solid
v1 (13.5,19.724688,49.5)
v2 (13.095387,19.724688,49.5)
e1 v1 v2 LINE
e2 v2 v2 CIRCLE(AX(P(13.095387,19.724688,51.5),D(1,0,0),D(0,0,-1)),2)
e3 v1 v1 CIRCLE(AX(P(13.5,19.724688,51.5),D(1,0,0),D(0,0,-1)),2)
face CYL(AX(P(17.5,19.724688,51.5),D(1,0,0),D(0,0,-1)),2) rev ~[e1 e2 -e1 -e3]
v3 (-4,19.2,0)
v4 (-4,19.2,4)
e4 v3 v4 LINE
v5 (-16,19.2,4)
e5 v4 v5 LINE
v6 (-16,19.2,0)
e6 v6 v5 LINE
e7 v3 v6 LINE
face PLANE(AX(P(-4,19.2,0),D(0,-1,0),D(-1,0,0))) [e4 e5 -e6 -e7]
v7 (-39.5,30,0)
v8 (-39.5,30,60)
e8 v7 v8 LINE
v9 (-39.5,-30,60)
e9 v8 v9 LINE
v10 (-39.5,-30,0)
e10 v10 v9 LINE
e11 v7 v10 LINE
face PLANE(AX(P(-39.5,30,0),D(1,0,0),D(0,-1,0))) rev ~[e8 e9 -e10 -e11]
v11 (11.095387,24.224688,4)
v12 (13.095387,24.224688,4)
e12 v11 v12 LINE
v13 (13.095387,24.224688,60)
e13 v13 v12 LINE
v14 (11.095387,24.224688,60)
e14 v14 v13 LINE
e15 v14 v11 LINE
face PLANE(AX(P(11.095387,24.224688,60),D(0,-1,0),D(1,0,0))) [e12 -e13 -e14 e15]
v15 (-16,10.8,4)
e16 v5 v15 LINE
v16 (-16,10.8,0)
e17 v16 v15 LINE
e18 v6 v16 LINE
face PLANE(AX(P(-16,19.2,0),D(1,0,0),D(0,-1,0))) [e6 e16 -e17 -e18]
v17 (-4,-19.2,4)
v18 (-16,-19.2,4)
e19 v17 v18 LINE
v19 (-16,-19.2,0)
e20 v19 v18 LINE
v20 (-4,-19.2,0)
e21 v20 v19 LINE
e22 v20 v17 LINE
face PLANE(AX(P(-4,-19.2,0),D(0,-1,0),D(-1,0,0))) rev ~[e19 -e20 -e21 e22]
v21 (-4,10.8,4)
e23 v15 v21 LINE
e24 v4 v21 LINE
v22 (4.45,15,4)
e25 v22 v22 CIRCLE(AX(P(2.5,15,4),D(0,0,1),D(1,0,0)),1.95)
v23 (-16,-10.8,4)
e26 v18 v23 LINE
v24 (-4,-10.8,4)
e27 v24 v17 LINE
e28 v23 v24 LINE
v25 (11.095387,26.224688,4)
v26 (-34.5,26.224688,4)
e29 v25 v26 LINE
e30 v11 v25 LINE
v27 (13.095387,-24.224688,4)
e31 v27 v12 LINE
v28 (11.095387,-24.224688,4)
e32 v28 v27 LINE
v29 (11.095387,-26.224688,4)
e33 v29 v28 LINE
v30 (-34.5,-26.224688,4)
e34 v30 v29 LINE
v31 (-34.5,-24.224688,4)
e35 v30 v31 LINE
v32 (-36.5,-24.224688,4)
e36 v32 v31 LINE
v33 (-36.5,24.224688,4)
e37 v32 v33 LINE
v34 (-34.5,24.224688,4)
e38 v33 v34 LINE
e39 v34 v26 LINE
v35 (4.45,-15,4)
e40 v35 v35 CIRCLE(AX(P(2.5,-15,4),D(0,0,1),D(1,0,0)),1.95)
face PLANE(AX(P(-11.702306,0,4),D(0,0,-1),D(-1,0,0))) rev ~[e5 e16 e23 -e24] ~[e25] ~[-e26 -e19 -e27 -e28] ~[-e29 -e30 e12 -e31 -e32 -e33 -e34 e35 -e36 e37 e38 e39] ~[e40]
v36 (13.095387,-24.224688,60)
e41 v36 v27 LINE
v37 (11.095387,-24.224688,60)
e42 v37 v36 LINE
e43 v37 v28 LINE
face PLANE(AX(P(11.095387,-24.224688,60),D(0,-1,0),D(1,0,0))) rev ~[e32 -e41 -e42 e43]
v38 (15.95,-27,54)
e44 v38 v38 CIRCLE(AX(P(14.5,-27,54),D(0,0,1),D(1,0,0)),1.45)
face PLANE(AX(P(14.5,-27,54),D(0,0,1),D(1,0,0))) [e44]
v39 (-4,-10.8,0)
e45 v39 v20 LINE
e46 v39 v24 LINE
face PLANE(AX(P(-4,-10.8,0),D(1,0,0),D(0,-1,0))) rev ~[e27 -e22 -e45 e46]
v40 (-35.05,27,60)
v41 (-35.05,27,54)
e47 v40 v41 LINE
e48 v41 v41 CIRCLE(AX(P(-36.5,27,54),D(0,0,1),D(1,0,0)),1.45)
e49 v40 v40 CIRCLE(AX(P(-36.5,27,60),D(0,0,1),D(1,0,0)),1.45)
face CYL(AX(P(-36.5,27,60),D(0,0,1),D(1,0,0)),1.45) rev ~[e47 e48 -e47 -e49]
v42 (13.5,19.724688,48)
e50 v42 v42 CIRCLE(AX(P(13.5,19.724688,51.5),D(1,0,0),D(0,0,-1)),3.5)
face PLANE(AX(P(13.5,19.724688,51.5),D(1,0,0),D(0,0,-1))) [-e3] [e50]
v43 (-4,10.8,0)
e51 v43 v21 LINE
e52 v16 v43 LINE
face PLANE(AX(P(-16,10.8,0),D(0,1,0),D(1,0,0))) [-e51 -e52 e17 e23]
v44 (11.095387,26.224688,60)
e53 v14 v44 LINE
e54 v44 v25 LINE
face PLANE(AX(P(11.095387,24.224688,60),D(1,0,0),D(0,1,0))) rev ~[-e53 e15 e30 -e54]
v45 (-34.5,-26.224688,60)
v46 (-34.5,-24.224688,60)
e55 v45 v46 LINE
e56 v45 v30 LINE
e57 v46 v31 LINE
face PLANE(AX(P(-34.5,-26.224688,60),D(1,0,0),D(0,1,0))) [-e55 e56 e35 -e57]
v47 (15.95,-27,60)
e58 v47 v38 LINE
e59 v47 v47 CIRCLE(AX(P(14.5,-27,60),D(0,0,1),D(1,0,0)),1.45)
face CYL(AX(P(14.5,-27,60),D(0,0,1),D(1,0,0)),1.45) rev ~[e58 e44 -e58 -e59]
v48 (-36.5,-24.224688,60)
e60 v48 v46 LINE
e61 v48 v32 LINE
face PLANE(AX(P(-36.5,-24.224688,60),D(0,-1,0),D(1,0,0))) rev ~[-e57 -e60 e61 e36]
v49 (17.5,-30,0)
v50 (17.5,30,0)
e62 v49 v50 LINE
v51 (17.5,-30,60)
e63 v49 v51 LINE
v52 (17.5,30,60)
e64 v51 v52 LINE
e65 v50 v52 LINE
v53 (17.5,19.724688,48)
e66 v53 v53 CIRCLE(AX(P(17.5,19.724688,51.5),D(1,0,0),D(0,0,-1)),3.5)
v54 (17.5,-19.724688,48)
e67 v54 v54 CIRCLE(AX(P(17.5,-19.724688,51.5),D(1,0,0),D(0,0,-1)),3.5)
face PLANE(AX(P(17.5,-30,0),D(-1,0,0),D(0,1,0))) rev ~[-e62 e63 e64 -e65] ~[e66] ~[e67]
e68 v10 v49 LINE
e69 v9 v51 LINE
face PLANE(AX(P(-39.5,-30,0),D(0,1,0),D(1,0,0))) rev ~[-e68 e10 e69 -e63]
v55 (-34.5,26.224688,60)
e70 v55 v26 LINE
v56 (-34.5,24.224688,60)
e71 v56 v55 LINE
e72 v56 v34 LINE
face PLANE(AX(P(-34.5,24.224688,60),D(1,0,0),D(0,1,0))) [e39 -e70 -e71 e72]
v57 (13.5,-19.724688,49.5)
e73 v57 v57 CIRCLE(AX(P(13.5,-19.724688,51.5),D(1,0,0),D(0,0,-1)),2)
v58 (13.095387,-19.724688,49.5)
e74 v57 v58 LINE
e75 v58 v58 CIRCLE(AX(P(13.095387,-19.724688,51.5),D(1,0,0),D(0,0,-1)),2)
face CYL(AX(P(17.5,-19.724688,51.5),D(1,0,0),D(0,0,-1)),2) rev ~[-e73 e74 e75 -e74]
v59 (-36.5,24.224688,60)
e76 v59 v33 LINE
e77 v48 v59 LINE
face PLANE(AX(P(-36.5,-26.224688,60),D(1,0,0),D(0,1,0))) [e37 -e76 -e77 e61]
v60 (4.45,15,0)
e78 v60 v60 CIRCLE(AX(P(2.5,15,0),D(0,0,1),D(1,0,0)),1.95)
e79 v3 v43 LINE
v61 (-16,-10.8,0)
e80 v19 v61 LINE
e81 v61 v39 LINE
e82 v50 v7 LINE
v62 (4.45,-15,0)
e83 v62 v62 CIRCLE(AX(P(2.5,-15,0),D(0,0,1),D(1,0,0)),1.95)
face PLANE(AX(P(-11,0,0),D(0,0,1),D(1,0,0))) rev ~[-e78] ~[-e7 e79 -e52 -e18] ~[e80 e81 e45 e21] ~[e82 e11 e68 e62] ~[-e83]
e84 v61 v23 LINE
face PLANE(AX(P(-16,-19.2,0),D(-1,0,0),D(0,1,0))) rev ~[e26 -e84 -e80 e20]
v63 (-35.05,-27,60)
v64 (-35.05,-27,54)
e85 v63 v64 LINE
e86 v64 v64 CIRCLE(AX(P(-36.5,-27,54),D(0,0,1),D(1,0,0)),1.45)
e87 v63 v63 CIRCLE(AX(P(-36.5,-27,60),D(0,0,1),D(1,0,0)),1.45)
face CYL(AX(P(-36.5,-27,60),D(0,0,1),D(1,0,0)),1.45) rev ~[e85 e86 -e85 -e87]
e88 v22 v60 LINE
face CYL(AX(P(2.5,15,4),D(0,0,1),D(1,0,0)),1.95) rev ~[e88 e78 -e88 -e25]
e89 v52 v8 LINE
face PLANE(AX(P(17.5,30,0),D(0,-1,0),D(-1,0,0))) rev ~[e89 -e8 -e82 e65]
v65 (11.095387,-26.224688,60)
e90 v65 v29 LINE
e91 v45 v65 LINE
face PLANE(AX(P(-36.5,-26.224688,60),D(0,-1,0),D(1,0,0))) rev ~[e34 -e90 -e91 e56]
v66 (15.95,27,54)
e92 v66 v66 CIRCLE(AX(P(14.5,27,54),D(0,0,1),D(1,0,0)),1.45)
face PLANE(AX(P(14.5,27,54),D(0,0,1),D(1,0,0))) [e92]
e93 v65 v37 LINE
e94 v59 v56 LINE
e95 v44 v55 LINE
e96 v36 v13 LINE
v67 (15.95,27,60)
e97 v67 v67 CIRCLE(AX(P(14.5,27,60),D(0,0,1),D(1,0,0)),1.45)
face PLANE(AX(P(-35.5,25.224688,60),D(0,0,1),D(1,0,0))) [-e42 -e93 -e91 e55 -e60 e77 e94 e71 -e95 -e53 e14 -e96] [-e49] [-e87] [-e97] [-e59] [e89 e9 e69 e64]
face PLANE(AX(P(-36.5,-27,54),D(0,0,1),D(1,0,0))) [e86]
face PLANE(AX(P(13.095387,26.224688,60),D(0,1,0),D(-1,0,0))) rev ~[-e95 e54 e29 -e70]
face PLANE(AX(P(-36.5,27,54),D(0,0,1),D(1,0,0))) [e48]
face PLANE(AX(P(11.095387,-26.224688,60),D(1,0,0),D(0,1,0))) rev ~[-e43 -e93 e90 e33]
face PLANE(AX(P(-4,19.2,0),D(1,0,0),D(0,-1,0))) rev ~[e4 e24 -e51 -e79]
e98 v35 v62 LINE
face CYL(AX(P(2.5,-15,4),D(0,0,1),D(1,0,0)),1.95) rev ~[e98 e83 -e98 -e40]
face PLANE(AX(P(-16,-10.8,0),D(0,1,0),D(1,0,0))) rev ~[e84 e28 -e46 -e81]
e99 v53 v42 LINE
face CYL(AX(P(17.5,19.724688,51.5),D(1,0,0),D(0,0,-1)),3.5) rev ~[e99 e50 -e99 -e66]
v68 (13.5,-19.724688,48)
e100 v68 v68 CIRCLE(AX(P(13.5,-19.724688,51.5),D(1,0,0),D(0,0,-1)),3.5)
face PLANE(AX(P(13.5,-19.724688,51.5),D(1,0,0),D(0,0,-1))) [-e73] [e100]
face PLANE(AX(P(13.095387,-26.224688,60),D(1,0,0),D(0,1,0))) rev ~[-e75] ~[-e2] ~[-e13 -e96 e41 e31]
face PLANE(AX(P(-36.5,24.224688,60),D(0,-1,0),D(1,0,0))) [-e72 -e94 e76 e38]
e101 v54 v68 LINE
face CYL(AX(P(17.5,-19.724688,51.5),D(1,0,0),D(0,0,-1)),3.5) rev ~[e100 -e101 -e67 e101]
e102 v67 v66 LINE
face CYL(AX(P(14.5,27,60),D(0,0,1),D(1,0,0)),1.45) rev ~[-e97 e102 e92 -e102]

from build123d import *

# Parameters (mm, degrees)
BOSS_EXTRUDE1_DEPTH = 60
CUT_EXTRUDE1_DEPTH  = 56
CUT_EXTRUDE2_DEPTH  = 61
SKETCH9_R           = 3.5
CUT_EXTRUDE3_DEPTH  = 4
SKETCH12_W          = 2
SKETCH12_H          = 2
BOSS_EXTRUDE3_DEPTH = 56
SKETCH13_R          = 1.45
CUT_EXTRUDE5_DEPTH  = 6
SKETCH16_R          = 1.95
CUT_EXTRUDE6_DEPTH  = 4
SKETCH17_R          = 2
CUT_EXTRUDE7_DEPTH  = 4.404613


with BuildPart() as part:
    # Sketch1 → Boss-Extrude1 (new body)
    with BuildSketch(Plane.XY):
        Polygon((-17.5, 30), (-27.5, 30), (-39.5, 30), (-39.5, -30), (-27.5, -30), (-17.5, -30), (17.5, -30), (17.5, 30), align=None)
    extrude(amount=BOSS_EXTRUDE1_DEPTH)

    # Sketch3 → Cut-Extrude1 (cut)
    with BuildSketch(Plane.XY.offset(60)):
        Polygon((-13.09538708, -26.224688329), (-23.1, -26.224688329), (-36.5, -26.224688329), (-36.5, 26.224688329), (-23.1, 26.224688329), (-13.09538708, 26.224688329), (11.09538708, 26.224688329), (13.09538708, 26.224688329), (13.09538708, 0), (13.09538708, -26.224688329), (11.09538708, -26.224688329), align=None)
    extrude(amount=-CUT_EXTRUDE1_DEPTH, mode=Mode.SUBTRACT)

    # Sketch6 → Cut-Extrude2 (cut, through all)
    with BuildSketch(Plane(origin=(0, 0, 0), x_dir=(-1, 0, 0), z_dir=(0, 0, -1))):
        Polygon((4, 15), (4, 19.2), (16, 19.2), (16, 10.8), (4, 10.8), align=None)
        Polygon((16, -10.8), (4, -10.8), (4, -15), (4, -19.2), (16, -19.2), align=None)
    extrude(amount=-CUT_EXTRUDE2_DEPTH, mode=Mode.SUBTRACT)

    # Sketch9 → Cut-Extrude3 (cut)
    with BuildSketch(Plane(origin=(17.5, 0, 0), x_dir=(0, 0, -1), z_dir=(1, 0, 0))):
        with Locations((-51.5, 19.72468833)):
            Circle(SKETCH9_R)
        with Locations((-51.5, -19.72468833)):
            Circle(SKETCH9_R)
    extrude(amount=-CUT_EXTRUDE3_DEPTH, mode=Mode.SUBTRACT)

    # Sketch12 → Boss-Extrude3 (add)
    with BuildSketch(Plane.XY.offset(60)):
        with Locations((-35.5, 25.224688329)):
            Rectangle(SKETCH12_W, SKETCH12_H)
        with Locations((12.09538708, -25.224688329)):
            Rectangle(SKETCH12_W, SKETCH12_H)
        with Locations((12.09538708, 25.224688329)):
            Rectangle(SKETCH12_W, SKETCH12_H)
        with Locations((-35.5, -25.224688329)):
            Rectangle(SKETCH12_W, SKETCH12_H)
    extrude(amount=-BOSS_EXTRUDE3_DEPTH)

    # Sketch13 → Cut-Extrude5 (cut)
    with BuildSketch(Plane.XY.offset(60)):
        with Locations((-36.5, 27)):
            Circle(SKETCH13_R)
        with Locations((-36.5, -27)):
            Circle(SKETCH13_R)
        with Locations((14.5, 27)):
            Circle(SKETCH13_R)
        with Locations((14.5, -27)):
            Circle(SKETCH13_R)
    extrude(amount=-CUT_EXTRUDE5_DEPTH, mode=Mode.SUBTRACT)

    # Sketch16 → Cut-Extrude6 (cut)
    with BuildSketch(Plane.XY.offset(4)):
        with Locations((2.5, 15)):
            Circle(SKETCH16_R)
        with Locations((2.5, -15)):
            Circle(SKETCH16_R)
    extrude(amount=-CUT_EXTRUDE6_DEPTH, mode=Mode.SUBTRACT)

    # Sketch17 → Cut-Extrude7 (cut)
    with BuildSketch(Plane(origin=(17.5, 0, 0), x_dir=(0, 0, -1), z_dir=(1, 0, 0))):
        with Locations((-51.5, 19.72468833)):
            Circle(SKETCH17_R)
        with Locations((-51.5, -19.72468833)):
            Circle(SKETCH17_R)
    extrude(amount=-CUT_EXTRUDE7_DEPTH, mode=Mode.SUBTRACT)


solid = part.part
